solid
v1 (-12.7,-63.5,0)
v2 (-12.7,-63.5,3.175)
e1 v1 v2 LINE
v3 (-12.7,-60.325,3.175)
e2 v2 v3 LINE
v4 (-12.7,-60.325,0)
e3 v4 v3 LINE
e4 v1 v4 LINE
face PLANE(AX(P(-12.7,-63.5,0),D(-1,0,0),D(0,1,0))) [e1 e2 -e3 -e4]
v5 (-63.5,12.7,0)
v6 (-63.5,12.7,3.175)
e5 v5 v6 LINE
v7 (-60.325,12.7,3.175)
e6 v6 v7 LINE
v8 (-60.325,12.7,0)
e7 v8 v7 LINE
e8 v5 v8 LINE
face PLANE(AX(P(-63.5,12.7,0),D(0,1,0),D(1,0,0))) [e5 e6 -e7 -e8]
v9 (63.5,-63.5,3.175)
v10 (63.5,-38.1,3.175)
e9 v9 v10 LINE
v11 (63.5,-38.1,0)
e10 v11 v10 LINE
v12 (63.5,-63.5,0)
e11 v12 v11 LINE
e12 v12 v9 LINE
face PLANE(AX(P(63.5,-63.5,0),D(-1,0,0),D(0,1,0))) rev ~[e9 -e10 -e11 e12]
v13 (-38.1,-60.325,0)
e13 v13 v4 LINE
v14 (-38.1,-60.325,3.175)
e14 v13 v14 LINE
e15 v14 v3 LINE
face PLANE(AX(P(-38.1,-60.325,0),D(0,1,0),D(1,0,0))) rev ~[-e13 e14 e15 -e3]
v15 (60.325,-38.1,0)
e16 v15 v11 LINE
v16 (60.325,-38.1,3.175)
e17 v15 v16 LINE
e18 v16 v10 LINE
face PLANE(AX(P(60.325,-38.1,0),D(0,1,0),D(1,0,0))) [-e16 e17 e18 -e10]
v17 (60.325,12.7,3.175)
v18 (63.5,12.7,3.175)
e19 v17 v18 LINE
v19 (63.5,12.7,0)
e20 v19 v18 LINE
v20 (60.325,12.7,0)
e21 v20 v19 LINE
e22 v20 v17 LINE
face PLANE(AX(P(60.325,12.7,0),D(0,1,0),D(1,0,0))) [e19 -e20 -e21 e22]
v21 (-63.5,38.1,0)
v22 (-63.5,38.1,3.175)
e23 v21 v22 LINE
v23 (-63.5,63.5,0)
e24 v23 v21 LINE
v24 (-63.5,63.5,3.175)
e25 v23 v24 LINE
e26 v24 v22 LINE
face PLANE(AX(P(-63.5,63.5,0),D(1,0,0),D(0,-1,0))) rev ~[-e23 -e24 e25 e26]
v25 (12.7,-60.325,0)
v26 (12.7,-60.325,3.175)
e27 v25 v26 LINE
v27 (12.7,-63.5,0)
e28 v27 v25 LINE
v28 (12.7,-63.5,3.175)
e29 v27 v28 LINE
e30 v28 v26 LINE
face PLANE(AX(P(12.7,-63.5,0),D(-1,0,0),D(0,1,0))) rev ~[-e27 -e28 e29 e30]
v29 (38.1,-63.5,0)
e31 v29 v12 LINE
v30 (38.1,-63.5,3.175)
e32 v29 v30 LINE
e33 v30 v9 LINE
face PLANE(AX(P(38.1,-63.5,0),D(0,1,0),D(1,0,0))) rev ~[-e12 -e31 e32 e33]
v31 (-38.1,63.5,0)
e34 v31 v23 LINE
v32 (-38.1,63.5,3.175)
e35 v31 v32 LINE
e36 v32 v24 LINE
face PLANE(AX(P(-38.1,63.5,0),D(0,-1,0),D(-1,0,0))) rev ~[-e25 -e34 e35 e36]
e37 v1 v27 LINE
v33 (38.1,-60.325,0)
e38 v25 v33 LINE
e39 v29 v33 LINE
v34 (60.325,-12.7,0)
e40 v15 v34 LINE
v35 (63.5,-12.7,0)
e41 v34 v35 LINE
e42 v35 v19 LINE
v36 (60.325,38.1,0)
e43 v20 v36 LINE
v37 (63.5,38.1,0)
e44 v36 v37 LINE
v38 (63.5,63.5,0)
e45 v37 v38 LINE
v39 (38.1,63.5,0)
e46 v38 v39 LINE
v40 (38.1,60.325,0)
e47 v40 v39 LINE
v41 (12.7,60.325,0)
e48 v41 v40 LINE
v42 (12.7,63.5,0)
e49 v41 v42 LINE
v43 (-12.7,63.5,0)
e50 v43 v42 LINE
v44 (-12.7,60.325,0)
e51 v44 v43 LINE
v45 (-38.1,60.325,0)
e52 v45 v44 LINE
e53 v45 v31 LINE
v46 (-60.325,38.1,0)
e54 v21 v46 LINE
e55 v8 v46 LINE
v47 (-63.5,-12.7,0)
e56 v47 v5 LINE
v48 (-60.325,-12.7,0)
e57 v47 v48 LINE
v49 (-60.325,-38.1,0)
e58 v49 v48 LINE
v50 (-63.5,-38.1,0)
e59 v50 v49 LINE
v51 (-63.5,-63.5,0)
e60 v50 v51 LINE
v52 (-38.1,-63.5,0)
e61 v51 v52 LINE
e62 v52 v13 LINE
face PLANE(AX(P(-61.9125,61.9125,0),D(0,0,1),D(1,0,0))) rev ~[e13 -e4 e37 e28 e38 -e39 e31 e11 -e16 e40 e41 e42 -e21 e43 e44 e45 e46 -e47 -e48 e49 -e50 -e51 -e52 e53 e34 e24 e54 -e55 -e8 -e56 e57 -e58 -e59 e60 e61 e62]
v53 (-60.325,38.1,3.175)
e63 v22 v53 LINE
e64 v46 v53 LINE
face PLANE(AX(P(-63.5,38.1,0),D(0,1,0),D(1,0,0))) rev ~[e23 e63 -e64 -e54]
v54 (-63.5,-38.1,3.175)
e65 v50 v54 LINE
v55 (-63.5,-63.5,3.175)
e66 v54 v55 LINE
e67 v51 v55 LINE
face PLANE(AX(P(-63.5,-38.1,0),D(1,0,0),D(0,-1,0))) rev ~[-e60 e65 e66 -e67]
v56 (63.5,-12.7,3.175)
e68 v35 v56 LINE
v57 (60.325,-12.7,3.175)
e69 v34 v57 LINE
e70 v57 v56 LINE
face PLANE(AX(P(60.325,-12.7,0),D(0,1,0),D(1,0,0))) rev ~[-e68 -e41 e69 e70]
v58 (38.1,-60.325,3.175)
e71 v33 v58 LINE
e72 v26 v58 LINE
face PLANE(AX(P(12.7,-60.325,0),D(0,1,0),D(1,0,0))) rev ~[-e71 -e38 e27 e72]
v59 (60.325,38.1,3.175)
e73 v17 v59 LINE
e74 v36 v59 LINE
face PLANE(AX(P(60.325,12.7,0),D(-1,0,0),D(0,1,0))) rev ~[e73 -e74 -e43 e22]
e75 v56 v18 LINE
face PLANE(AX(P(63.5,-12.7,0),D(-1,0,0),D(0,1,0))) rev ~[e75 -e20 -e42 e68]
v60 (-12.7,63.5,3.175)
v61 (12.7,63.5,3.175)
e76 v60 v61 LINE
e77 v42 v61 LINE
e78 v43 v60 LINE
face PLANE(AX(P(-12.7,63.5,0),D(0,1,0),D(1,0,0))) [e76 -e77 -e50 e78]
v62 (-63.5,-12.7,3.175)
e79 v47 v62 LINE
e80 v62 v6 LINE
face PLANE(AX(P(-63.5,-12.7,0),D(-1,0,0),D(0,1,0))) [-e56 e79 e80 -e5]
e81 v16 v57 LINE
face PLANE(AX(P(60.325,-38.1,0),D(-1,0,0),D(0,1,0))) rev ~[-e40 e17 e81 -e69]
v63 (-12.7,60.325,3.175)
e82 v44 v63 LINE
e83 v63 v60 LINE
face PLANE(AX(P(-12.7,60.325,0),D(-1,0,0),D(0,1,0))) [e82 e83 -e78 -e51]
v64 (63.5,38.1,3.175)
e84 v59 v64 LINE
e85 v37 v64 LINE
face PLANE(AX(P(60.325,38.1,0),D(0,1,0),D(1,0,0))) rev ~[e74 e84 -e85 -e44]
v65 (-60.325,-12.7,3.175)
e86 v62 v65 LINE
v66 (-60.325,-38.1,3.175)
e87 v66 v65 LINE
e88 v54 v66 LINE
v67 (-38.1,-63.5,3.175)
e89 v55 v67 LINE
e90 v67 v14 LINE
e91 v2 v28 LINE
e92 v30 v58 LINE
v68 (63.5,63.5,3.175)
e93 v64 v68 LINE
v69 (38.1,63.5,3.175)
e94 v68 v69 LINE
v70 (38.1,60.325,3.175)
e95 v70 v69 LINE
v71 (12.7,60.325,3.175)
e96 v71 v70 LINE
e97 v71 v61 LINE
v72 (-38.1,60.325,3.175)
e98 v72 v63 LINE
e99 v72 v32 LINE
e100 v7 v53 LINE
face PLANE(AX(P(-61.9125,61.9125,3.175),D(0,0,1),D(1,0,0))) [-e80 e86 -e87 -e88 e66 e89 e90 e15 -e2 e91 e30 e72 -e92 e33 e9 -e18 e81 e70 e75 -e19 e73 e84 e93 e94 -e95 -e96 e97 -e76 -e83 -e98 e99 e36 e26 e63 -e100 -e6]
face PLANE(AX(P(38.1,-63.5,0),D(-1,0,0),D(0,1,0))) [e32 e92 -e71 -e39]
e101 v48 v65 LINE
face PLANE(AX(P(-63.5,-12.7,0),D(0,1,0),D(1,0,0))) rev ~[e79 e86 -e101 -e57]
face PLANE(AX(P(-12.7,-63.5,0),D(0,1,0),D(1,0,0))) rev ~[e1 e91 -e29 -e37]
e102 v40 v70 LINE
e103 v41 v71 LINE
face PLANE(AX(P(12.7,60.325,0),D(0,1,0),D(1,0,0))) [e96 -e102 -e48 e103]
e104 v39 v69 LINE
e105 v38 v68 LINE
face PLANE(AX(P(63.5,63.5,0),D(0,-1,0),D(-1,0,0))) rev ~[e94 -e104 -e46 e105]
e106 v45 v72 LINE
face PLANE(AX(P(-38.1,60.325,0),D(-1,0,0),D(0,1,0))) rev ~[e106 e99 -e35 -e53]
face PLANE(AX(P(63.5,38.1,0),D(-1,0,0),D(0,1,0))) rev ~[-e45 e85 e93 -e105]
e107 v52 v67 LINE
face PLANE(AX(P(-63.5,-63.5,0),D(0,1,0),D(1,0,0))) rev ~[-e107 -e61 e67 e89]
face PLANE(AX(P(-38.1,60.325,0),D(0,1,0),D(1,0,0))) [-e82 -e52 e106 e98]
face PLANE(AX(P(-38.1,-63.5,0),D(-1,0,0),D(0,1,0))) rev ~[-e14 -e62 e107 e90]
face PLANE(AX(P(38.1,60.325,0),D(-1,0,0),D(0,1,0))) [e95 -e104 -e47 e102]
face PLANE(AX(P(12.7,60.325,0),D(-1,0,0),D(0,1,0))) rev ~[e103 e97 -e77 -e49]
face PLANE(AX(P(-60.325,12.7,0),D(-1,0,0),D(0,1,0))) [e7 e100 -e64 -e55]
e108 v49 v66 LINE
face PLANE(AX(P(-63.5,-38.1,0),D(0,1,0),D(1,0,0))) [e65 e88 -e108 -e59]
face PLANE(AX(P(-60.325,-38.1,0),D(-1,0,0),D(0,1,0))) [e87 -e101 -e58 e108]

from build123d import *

# Parameters (mm, degrees)
F0_W     = 3.175
F0_H     = 3.175
F0_W_2   = 22.225
F0_W_3   = 25.4
F0_H_2   = 22.225
F0_H_3   = 25.4
F1_DEPTH = 3.175


with BuildPart() as f1:
    # F0 (on Top) → F1 (new body)
    with BuildSketch(Plane.XY):
        with Locations((-61.9125, 61.9125)):
            Rectangle(F0_W, F0_H)
        with Locations((61.9125, 61.9125)):
            Rectangle(F0_W, F0_H)
        with Locations((-61.9125, -61.9125)):
            Rectangle(F0_W, F0_H)
        with Locations((61.9125, -61.9125)):
            Rectangle(F0_W, F0_H)
        with Locations((-49.2125, 61.9125)):
            Rectangle(F0_W_2, F0_H)
        with Locations((0, 61.9125)):
            Rectangle(F0_W_3, F0_H)
        with Locations((49.2125, 61.9125)):
            Rectangle(F0_W_2, F0_H)
        with Locations((-49.2125, -61.9125)):
            Rectangle(F0_W_2, F0_H)
        with Locations((0, -61.9125)):
            Rectangle(F0_W_3, F0_H)
        with Locations((49.2125, -61.9125)):
            Rectangle(F0_W_2, F0_H)
        with Locations((-61.9125, 49.2125)):
            Rectangle(F0_W, F0_H_2)
        with Locations((-61.9125, 0)):
            Rectangle(F0_W, F0_H_3)
        with Locations((-61.9125, -49.2125)):
            Rectangle(F0_W, F0_H_2)
        with Locations((61.9125, 49.2125)):
            Rectangle(F0_W, F0_H_2)
        with Locations((61.9125, 0)):
            Rectangle(F0_W, F0_H_3)
        with Locations((61.9125, -49.2125)):
            Rectangle(F0_W, F0_H_2)
        with Locations((-49.2125, 49.2125)):
            Rectangle(F0_W_2, F0_H_2)
        with Locations((-25.4, 49.2125)):
            Rectangle(F0_W_3, F0_H_2)
        with Locations((25.4, 49.2125)):
            Rectangle(F0_W_3, F0_H_2)
        with Locations((49.2125, 49.2125)):
            Rectangle(F0_W_2, F0_H_2)
        with Locations((49.2125, 25.4)):
            Rectangle(F0_W_2, F0_H_3)
        with Locations((25.4, 25.4)):
            Rectangle(F0_W_3, F0_H_3)
        with Locations((0, 25.4)):
            Rectangle(F0_W_3, F0_H_3)
        with Locations((-25.4, 25.4)):
            Rectangle(F0_W_3, F0_H_3)
        with Locations((-49.2125, 25.4)):
            Rectangle(F0_W_2, F0_H_3)
        with Locations((-49.2125, 0)):
            Rectangle(F0_W_2, F0_H_3)
        with Locations((-25.4, 0)):
            Rectangle(F0_W_3, F0_H_3)
        Rectangle(F0_W_3, F0_H_3)
        with Locations((25.4, 0)):
            Rectangle(F0_W_3, F0_H_3)
        with Locations((49.2125, 0)):
            Rectangle(F0_W_2, F0_H_3)
        with Locations((49.2125, -25.4)):
            Rectangle(F0_W_2, F0_H_3)
        with Locations((25.4, -25.4)):
            Rectangle(F0_W_3, F0_H_3)
        with Locations((0, -25.4)):
            Rectangle(F0_W_3, F0_H_3)
        with Locations((-25.4, -25.4)):
            Rectangle(F0_W_3, F0_H_3)
        with Locations((-49.2125, -25.4)):
            Rectangle(F0_W_2, F0_H_3)
        with Locations((-49.2125, -49.2125)):
            Rectangle(F0_W_2, F0_H_2)
        with Locations((-25.4, -49.2125)):
            Rectangle(F0_W_3, F0_H_2)
        with Locations((25.4, -49.2125)):
            Rectangle(F0_W_3, F0_H_2)
        with Locations((49.2125, -49.2125)):
            Rectangle(F0_W_2, F0_H_2)
        with Locations((0, 49.2125)):
            Rectangle(F0_W_3, F0_H_2)
        with Locations((0, -49.2125)):
            Rectangle(F0_W_3, F0_H_2)
    extrude(amount=F1_DEPTH)


solid = f1.part
